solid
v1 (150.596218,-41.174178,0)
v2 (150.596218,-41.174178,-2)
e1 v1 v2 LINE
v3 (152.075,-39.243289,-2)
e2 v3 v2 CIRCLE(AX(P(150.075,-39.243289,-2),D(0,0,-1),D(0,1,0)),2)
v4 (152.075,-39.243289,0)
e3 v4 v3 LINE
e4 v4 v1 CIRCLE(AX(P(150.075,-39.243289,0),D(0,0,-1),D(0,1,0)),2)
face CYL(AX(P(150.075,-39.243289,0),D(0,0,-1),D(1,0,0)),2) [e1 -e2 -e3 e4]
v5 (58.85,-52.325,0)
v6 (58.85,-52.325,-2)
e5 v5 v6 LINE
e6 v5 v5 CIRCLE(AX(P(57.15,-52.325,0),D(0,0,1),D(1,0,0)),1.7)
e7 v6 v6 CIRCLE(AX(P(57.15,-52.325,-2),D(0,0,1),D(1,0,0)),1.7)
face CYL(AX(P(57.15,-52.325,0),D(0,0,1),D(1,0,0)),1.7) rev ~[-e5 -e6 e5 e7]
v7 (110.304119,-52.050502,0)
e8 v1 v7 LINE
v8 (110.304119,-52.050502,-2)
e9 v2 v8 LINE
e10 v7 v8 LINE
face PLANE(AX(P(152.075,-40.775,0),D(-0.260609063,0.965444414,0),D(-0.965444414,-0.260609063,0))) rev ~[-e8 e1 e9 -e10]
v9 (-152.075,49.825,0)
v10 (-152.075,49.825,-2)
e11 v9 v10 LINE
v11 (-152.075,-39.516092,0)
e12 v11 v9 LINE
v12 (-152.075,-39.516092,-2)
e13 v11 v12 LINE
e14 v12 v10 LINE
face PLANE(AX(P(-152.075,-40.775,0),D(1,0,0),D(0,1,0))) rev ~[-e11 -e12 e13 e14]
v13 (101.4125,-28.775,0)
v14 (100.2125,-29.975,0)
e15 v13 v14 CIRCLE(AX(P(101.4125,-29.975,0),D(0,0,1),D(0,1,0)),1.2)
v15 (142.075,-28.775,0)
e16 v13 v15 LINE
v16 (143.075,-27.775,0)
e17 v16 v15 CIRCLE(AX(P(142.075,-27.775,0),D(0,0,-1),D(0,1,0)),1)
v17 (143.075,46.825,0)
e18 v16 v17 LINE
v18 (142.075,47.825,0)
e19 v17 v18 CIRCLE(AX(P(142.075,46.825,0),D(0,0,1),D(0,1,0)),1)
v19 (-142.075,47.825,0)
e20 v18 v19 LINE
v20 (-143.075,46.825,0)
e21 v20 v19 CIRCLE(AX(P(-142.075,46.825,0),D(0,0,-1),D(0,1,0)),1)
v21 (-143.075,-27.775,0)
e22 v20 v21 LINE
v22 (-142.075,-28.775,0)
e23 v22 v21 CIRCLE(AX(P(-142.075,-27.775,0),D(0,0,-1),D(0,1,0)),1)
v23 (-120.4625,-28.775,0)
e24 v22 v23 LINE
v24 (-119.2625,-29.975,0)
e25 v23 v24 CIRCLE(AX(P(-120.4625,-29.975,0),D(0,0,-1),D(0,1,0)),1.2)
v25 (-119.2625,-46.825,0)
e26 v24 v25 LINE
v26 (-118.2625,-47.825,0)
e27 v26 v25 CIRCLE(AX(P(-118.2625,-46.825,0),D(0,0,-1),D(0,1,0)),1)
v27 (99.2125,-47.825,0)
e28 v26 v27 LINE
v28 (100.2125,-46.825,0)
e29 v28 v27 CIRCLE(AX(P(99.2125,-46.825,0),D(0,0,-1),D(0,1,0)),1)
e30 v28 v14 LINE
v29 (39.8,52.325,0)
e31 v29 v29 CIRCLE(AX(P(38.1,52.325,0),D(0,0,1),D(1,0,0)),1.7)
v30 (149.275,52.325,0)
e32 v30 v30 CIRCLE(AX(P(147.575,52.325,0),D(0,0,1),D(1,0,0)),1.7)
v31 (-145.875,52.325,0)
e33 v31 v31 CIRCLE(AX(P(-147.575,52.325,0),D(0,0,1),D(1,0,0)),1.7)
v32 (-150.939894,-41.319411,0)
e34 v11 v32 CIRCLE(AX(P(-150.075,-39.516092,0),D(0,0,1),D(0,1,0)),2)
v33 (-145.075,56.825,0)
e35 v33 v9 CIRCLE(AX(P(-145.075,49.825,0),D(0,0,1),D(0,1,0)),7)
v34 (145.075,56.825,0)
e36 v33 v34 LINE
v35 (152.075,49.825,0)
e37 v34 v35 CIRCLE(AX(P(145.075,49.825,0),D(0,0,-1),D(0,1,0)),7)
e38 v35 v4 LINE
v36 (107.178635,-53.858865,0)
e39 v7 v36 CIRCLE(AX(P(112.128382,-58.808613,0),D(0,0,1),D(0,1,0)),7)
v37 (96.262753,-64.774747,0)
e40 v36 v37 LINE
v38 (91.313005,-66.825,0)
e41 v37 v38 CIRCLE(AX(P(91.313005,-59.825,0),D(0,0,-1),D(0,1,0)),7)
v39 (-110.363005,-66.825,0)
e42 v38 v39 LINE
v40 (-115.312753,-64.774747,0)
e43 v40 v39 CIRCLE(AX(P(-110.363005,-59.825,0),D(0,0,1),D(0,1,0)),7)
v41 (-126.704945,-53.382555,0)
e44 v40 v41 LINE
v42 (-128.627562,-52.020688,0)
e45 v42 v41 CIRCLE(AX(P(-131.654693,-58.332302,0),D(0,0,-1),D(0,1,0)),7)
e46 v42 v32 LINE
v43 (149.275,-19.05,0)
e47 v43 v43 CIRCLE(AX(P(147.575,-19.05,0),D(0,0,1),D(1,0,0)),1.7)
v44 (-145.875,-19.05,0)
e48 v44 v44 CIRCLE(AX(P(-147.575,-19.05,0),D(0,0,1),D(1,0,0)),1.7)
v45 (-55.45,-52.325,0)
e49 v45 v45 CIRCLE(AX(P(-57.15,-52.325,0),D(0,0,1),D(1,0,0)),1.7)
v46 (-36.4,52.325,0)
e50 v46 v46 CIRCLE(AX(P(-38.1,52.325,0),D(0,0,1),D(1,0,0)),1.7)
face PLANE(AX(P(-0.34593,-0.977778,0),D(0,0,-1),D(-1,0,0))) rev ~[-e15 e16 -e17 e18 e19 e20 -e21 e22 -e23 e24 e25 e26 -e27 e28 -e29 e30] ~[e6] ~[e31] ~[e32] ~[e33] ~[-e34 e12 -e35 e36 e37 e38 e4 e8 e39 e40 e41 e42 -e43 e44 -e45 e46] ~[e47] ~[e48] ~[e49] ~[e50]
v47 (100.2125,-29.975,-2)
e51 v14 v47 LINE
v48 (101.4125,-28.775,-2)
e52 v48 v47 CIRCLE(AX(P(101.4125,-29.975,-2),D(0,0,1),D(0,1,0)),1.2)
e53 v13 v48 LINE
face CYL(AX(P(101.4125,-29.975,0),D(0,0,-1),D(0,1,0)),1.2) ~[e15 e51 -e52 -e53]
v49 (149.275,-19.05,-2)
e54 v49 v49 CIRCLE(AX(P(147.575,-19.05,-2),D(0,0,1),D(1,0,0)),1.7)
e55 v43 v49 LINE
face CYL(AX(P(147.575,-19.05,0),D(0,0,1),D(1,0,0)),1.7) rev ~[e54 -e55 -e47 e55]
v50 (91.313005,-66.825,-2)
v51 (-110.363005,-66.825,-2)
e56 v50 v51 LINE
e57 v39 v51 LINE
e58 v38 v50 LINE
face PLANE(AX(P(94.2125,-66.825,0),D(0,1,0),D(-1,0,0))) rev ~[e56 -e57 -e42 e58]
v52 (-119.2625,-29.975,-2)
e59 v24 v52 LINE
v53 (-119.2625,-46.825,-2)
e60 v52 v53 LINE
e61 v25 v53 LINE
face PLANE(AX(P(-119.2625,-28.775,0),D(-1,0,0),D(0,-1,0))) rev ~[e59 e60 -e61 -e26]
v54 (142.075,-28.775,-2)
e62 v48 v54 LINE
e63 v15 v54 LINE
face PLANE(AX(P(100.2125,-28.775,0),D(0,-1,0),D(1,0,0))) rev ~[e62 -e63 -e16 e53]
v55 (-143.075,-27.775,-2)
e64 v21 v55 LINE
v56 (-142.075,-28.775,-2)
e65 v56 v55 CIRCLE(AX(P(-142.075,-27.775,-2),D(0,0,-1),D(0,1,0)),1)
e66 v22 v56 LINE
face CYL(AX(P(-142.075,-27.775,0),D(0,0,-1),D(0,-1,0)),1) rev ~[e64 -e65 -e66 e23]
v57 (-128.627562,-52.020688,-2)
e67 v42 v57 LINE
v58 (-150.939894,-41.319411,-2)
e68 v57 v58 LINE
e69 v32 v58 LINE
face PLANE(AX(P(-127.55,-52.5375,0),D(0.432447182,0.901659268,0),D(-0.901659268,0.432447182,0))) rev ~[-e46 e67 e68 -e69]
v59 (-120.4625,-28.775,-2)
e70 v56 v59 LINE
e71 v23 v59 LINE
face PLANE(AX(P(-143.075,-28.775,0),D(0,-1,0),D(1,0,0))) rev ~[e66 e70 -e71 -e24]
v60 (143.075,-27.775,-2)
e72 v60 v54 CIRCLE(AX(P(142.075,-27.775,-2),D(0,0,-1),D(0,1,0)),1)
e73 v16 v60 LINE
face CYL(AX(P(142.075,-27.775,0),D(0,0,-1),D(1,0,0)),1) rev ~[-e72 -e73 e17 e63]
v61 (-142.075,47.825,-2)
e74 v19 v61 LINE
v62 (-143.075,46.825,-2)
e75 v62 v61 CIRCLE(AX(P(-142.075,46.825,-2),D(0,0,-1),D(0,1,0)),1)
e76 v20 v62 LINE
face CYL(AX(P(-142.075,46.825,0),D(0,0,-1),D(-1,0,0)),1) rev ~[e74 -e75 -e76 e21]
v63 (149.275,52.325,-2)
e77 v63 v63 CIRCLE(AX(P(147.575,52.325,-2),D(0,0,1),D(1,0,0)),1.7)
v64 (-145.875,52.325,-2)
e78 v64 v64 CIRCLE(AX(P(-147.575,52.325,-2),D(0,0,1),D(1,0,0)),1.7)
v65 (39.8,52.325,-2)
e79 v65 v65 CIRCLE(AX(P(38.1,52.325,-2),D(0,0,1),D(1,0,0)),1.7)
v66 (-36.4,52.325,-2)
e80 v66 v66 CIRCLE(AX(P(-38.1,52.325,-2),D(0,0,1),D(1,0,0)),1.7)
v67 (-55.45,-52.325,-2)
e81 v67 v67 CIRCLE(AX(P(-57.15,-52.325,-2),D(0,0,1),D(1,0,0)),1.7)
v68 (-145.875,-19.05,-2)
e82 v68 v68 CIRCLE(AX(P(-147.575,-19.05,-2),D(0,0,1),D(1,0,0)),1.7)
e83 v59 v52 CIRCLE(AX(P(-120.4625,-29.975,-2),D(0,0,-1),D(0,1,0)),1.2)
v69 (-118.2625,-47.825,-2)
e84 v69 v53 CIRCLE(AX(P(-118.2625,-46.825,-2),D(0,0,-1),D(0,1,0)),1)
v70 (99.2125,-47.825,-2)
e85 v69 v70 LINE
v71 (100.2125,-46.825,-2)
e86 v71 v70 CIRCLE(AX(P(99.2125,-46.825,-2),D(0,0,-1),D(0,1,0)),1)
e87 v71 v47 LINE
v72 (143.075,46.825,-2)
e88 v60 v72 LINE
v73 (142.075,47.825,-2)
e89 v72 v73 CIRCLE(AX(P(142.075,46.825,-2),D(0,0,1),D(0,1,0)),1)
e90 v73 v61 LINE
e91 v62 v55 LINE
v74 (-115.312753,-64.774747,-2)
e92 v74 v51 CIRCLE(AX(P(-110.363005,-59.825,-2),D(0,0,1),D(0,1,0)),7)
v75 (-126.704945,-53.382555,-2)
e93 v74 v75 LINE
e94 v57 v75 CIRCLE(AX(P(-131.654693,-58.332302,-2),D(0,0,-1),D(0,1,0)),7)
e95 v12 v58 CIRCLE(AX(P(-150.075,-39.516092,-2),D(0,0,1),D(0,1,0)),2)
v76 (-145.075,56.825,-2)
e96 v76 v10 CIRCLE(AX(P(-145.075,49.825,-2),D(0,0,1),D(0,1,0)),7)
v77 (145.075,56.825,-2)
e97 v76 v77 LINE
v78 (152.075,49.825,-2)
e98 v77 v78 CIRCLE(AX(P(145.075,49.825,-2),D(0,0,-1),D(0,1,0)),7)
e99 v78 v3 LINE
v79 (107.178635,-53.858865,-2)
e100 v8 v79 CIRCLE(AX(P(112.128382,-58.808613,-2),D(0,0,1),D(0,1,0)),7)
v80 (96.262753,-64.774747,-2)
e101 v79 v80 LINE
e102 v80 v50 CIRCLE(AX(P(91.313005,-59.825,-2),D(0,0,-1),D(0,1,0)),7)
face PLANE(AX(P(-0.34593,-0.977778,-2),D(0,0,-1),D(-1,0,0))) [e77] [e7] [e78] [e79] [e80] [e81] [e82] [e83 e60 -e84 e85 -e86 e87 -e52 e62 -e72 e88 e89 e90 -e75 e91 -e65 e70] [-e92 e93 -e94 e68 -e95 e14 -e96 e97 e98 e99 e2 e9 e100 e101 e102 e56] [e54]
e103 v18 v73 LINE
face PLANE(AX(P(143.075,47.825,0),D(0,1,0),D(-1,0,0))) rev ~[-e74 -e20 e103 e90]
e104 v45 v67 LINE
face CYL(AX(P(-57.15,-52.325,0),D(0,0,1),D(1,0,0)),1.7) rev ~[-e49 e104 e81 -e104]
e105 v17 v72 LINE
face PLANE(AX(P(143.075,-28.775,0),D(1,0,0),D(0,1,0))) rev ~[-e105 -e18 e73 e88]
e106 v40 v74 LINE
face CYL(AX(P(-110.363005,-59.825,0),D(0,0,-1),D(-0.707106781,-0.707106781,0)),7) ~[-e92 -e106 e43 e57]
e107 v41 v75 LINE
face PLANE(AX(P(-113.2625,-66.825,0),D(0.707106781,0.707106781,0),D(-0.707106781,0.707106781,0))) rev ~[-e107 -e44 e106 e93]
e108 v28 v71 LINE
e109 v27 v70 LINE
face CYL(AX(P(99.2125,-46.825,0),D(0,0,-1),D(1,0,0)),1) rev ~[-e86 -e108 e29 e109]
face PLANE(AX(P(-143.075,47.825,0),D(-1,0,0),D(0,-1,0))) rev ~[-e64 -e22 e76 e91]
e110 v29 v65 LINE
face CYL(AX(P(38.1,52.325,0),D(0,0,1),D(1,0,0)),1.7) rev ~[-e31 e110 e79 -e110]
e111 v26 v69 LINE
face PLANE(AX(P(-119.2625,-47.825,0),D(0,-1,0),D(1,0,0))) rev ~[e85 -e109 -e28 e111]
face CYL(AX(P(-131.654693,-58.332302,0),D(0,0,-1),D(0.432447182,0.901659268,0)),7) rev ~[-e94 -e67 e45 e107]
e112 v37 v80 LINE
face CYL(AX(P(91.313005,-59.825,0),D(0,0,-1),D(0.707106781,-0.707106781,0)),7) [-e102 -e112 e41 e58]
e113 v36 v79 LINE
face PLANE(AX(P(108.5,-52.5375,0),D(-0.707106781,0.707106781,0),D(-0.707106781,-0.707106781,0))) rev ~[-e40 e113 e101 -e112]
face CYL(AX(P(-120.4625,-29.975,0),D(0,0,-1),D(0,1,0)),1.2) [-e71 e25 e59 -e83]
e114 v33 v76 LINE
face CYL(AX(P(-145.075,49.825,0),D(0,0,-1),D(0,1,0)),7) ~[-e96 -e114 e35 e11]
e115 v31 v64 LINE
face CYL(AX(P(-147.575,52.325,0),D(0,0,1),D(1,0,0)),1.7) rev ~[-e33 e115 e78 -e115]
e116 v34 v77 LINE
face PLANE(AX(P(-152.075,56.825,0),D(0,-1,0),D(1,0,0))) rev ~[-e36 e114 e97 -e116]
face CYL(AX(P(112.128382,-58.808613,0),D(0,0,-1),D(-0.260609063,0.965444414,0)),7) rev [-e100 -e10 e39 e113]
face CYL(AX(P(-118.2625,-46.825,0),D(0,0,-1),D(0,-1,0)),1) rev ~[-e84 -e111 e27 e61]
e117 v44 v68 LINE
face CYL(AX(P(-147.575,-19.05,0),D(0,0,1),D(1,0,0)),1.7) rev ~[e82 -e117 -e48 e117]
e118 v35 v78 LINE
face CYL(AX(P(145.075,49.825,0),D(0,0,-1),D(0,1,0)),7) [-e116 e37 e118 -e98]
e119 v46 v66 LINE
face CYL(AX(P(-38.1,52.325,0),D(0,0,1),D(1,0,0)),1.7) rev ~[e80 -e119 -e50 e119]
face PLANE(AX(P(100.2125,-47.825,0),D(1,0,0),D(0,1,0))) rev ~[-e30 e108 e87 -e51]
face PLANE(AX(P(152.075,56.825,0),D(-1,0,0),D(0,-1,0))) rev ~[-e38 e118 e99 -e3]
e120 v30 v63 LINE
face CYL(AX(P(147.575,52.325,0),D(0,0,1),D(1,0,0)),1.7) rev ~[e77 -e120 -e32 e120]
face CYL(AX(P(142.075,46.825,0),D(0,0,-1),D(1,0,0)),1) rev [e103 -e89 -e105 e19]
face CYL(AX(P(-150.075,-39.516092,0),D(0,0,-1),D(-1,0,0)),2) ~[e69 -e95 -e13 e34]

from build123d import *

# Parameters (mm, degrees)
PAD001_DEPTH  = 2
FILLET004_R   = 7
FILLET013_R   = 2
FILLET005_R   = 1
FILLET006_R   = 1.2
SKETCH014_R   = 1.7
HOLE003_DEPTH = 25


with BuildPart() as part:
    # Sketch001 → Pad001 (new body)
    with BuildSketch(Plane.XY):
        Polygon((-152.075, 56.825), (152.075, 56.825), (152.075, -40.775), (108.5, -52.5375), (94.2125, -66.825), (-113.2625, -66.825), (-127.55, -52.5375), (-152.075, -40.775), align=None)
        Polygon((143.075, 47.825), (-143.075, 47.825), (-143.075, -28.775), (-119.2625, -28.775), (-119.2625, -47.825), (100.2125, -47.825), (100.2125, -28.775), (143.075, -28.775), align=None, mode=Mode.SUBTRACT)
    extrude(amount=-PAD001_DEPTH)

    # Fillet004
    fillet004_edges = [part.edges().sort_by_distance(p)[0] for p in [
        (152.075, 56.825, -1),
        (108.5, -52.5375, -1),
        (94.2125, -66.825, -1),
        (-113.2625, -66.825, -1),
        (-127.55, -52.5375, -1),
        (-152.075, 56.825, -1),
    ]]
    fillet(fillet004_edges, radius=FILLET004_R)

    # Fillet013
    fillet013_edges = [part.edges().sort_by_distance(p)[0] for p in [
        (-152.075, -40.775, -1),
        (152.075, -40.775, -1),
    ]]
    fillet(fillet013_edges, radius=FILLET013_R)

    # Fillet005
    fillet005_edges = [part.edges().sort_by_distance(p)[0] for p in [
        (143.075, 47.825, -1),
        (143.075, -28.775, -1),
        (100.2125, -47.825, -1),
        (-143.075, -28.775, -1),
        (-119.2625, -47.825, -1),
        (-143.075, 47.825, -1),
    ]]
    fillet(fillet005_edges, radius=FILLET005_R)

    # Fillet006
    fillet006_edges = [part.edges().sort_by_distance(p)[0] for p in [
        (-119.2625, -28.775, -1),
        (100.2125, -28.775, -1),
    ]]
    fillet(fillet006_edges, radius=FILLET006_R)

    # Sketch014 (on Face1 of Fillet006) → Hole003 (cut)
    with BuildSketch(Plane.XY):
        with Locations((147.575, 52.325)):
            Circle(SKETCH014_R)
        with Locations((147.575, -19.05)):
            Circle(SKETCH014_R)
        with Locations((57.15, -52.325)):
            Circle(SKETCH014_R)
        with Locations((-57.15, -52.325)):
            Circle(SKETCH014_R)
        with Locations((-147.575, -19.05)):
            Circle(SKETCH014_R)
        with Locations((-147.575, 52.325)):
            Circle(SKETCH014_R)
        with Locations((-38.1, 52.325)):
            Circle(SKETCH014_R)
        with Locations((38.1, 52.325)):
            Circle(SKETCH014_R)
    extrude(amount=-HOLE003_DEPTH, mode=Mode.SUBTRACT)


solid = part.part
